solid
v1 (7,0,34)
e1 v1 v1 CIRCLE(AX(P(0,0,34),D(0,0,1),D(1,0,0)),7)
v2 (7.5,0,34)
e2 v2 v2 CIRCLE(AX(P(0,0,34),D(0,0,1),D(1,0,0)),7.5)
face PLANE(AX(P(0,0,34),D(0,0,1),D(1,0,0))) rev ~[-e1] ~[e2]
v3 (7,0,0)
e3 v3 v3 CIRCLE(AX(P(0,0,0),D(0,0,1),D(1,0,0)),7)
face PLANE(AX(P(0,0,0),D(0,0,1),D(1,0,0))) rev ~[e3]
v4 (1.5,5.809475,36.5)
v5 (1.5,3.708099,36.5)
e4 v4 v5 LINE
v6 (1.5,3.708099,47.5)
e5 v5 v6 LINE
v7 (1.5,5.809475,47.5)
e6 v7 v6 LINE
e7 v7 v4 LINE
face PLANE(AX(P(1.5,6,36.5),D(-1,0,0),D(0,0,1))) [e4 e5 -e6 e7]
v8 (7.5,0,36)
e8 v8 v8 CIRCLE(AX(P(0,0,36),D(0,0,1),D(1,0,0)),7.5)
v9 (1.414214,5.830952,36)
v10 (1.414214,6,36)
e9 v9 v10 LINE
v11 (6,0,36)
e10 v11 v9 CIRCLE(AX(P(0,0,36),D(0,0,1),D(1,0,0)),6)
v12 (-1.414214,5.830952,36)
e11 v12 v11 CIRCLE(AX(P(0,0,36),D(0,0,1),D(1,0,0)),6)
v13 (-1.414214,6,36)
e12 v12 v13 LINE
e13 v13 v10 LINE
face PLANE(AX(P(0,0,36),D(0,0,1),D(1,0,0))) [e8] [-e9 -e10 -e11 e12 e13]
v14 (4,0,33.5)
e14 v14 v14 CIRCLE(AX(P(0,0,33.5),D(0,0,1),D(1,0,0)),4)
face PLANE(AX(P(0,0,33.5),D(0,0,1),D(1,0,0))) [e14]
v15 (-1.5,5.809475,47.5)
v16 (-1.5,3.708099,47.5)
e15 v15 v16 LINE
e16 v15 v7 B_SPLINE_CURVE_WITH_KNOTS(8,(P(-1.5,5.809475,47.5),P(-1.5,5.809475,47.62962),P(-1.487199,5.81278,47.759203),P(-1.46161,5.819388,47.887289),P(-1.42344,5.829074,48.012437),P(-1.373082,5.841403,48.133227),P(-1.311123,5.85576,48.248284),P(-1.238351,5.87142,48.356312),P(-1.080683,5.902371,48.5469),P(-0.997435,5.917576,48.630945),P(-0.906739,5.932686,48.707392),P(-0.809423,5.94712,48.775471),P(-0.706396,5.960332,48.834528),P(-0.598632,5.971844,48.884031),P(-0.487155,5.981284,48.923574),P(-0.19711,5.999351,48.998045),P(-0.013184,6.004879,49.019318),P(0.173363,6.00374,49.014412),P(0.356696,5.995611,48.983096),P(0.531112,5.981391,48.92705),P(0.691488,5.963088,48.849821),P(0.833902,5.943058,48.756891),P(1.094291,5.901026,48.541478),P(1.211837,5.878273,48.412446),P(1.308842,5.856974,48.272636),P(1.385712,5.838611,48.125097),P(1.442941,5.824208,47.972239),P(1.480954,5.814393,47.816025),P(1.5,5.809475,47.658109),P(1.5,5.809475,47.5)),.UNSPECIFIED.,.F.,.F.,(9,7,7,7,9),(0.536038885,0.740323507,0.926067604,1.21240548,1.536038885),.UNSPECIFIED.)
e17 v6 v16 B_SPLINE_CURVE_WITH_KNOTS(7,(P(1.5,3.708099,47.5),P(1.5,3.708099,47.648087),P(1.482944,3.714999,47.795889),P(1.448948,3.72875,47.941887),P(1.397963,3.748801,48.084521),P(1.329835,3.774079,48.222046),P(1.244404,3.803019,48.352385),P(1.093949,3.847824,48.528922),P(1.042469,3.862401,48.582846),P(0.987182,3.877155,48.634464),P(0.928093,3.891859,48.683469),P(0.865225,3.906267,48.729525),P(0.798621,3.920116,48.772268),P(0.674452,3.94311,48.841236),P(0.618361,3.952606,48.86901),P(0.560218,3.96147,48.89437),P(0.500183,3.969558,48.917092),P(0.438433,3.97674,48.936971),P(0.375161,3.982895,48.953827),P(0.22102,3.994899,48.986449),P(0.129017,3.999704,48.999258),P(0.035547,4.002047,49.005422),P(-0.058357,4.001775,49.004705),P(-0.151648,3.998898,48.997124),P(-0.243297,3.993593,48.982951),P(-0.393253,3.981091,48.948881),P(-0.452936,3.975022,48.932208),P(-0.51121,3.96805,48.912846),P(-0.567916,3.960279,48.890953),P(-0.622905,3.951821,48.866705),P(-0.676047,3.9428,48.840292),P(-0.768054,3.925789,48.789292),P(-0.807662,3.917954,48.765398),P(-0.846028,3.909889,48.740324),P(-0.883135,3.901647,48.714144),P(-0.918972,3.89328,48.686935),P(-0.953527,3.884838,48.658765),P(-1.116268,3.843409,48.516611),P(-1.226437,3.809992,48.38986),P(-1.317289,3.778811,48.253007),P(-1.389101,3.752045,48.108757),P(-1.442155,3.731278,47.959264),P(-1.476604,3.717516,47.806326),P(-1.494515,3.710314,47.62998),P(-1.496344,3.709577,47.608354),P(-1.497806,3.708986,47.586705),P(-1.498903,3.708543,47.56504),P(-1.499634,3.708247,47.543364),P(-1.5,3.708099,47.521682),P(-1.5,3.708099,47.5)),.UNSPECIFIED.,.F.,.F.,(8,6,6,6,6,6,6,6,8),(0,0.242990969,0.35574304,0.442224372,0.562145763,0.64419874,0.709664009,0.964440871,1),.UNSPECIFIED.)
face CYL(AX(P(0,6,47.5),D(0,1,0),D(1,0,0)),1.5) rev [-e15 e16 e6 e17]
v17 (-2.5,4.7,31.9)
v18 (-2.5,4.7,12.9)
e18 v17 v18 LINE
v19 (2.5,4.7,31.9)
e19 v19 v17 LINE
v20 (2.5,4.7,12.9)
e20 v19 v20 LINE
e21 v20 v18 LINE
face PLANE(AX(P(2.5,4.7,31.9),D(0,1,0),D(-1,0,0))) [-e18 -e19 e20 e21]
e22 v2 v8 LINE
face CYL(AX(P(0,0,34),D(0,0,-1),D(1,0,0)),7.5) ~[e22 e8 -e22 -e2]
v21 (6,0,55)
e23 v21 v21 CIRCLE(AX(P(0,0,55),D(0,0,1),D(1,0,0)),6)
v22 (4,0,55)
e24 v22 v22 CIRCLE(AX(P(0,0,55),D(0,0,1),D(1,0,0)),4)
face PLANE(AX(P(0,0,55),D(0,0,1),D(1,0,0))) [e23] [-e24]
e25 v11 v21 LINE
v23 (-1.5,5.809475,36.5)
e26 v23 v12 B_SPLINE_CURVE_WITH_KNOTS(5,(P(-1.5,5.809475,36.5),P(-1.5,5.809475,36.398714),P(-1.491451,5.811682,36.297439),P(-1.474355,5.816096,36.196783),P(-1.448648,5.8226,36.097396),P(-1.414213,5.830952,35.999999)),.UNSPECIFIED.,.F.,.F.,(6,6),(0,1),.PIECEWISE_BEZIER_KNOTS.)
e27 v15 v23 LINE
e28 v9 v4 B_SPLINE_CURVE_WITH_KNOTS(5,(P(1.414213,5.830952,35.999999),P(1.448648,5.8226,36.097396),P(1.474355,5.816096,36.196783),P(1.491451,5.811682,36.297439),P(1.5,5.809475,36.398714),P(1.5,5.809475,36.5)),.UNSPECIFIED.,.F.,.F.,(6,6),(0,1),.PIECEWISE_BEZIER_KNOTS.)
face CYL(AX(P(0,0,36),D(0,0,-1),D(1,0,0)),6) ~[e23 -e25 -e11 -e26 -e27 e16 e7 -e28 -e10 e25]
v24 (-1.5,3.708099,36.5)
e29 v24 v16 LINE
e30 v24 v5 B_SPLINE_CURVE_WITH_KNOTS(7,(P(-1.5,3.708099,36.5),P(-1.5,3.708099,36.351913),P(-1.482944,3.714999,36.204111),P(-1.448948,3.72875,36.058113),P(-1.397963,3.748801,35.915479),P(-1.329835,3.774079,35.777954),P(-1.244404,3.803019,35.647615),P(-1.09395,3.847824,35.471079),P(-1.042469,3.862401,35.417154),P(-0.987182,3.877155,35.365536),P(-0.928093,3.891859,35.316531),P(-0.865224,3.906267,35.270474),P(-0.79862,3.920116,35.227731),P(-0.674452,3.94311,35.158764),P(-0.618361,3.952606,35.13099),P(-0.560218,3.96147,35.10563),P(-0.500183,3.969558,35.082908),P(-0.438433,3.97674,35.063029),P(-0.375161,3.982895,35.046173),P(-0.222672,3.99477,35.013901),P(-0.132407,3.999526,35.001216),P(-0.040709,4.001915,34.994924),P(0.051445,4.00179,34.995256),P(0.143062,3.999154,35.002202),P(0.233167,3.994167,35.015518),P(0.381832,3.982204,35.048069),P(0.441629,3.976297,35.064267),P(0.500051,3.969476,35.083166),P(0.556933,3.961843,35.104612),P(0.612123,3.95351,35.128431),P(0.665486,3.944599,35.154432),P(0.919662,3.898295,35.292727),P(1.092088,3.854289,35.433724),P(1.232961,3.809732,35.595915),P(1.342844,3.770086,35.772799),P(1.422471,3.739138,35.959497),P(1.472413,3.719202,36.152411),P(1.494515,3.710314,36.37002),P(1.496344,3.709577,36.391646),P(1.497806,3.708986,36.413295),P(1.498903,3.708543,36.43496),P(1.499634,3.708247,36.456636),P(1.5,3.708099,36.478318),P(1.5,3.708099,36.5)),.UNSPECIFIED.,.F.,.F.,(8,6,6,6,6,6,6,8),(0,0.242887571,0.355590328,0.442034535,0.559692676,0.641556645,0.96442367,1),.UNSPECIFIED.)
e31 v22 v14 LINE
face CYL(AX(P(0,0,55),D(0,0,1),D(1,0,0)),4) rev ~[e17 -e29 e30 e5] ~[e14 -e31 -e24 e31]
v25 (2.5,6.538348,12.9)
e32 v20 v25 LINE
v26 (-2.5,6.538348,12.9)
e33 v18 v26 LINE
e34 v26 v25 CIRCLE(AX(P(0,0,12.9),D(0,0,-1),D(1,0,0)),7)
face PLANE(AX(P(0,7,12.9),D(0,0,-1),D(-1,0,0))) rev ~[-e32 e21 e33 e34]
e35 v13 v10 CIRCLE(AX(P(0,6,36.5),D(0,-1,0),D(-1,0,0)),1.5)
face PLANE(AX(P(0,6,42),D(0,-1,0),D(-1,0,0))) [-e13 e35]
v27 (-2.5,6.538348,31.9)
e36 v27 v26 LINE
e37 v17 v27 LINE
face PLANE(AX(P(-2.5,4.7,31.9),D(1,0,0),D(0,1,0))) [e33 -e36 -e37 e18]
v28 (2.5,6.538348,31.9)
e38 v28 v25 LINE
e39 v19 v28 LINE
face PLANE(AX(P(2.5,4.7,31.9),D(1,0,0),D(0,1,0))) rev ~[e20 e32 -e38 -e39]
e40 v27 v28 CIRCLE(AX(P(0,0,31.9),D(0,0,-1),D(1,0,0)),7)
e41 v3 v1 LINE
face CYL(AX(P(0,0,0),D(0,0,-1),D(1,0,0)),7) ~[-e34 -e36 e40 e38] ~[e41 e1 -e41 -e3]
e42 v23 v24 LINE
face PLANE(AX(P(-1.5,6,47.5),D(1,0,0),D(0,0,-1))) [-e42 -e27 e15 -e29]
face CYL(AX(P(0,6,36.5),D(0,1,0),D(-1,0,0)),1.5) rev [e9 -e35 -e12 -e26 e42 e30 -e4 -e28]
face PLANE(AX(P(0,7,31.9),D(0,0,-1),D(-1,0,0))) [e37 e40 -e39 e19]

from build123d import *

# Parameters (mm, degrees)
SKETCH1_R           = 7
BOSS_EXTRUDE1_DEPTH = 34
SKETCH2_R           = 7.5
BOSS_EXTRUDE2_DEPTH = 2
SKETCH3_R           = 6
BOSS_EXTRUDE3_DEPTH = 19
SKETCH4_R           = 4
CUT_EXTRUDE1_DEPTH  = 21.5
CUT_EXTRUDE2_REACH  = 15.5
SKETCH6_W           = 5
SKETCH6_H           = 4.6
CUT_EXTRUDE3_DEPTH  = 19


with BuildPart() as part:
    # Sketch1 → Boss-Extrude1 (new body)
    with BuildSketch(Plane.XY):
        Circle(SKETCH1_R)
    extrude(amount=BOSS_EXTRUDE1_DEPTH)

    # Sketch2 → Boss-Extrude2 (add)
    with BuildSketch(Plane.XY.offset(34)):
        Circle(SKETCH2_R)
    extrude(amount=BOSS_EXTRUDE2_DEPTH)

    # Sketch3 → Boss-Extrude3 (add)
    with BuildSketch(Plane.XY.offset(36)):
        Circle(SKETCH3_R)
    extrude(amount=BOSS_EXTRUDE3_DEPTH)

    # Sketch4 → Cut-Extrude1 (cut)
    with BuildSketch(Plane.XY.offset(55)):
        Circle(SKETCH4_R)
    extrude(amount=-CUT_EXTRUDE1_DEPTH, mode=Mode.SUBTRACT)

    # Sketch5 → Cut-Extrude2 (cut, up to next)
    with BuildSketch(Plane(origin=(0, 6, 0), x_dir=(1, 0, 0), z_dir=(0, 1, 0)), mode=Mode.PRIVATE) as cut_extrude2_sk1:
        with BuildLine():
            Line((-1.5, -47.5), (-1.5, -36.5))
            ThreePointArc((-1.5, -36.5), (0, -35), (1.5, -36.5))
            Line((1.5, -36.5), (1.5, -47.5))
            ThreePointArc((1.5, -47.5), (0, -49), (-1.5, -47.5))
        make_face()
    cut_extrude2_tool1 = extrude(cut_extrude2_sk1.sketch, amount=-CUT_EXTRUDE2_REACH, mode=Mode.PRIVATE) & part.part
    add(cut_extrude2_tool1.solids().sort_by_distance((0, 6, 42))[0], mode=Mode.SUBTRACT)

    # Sketch6 → Cut-Extrude3 (cut)
    with BuildSketch(Plane(origin=(0, 0, 31.9), x_dir=(-1, 0, 0), z_dir=(0, 0, -1))):
        with Locations((0, 7)):
            Rectangle(SKETCH6_W, SKETCH6_H)
    extrude(amount=CUT_EXTRUDE3_DEPTH, mode=Mode.SUBTRACT)


solid = part.part
